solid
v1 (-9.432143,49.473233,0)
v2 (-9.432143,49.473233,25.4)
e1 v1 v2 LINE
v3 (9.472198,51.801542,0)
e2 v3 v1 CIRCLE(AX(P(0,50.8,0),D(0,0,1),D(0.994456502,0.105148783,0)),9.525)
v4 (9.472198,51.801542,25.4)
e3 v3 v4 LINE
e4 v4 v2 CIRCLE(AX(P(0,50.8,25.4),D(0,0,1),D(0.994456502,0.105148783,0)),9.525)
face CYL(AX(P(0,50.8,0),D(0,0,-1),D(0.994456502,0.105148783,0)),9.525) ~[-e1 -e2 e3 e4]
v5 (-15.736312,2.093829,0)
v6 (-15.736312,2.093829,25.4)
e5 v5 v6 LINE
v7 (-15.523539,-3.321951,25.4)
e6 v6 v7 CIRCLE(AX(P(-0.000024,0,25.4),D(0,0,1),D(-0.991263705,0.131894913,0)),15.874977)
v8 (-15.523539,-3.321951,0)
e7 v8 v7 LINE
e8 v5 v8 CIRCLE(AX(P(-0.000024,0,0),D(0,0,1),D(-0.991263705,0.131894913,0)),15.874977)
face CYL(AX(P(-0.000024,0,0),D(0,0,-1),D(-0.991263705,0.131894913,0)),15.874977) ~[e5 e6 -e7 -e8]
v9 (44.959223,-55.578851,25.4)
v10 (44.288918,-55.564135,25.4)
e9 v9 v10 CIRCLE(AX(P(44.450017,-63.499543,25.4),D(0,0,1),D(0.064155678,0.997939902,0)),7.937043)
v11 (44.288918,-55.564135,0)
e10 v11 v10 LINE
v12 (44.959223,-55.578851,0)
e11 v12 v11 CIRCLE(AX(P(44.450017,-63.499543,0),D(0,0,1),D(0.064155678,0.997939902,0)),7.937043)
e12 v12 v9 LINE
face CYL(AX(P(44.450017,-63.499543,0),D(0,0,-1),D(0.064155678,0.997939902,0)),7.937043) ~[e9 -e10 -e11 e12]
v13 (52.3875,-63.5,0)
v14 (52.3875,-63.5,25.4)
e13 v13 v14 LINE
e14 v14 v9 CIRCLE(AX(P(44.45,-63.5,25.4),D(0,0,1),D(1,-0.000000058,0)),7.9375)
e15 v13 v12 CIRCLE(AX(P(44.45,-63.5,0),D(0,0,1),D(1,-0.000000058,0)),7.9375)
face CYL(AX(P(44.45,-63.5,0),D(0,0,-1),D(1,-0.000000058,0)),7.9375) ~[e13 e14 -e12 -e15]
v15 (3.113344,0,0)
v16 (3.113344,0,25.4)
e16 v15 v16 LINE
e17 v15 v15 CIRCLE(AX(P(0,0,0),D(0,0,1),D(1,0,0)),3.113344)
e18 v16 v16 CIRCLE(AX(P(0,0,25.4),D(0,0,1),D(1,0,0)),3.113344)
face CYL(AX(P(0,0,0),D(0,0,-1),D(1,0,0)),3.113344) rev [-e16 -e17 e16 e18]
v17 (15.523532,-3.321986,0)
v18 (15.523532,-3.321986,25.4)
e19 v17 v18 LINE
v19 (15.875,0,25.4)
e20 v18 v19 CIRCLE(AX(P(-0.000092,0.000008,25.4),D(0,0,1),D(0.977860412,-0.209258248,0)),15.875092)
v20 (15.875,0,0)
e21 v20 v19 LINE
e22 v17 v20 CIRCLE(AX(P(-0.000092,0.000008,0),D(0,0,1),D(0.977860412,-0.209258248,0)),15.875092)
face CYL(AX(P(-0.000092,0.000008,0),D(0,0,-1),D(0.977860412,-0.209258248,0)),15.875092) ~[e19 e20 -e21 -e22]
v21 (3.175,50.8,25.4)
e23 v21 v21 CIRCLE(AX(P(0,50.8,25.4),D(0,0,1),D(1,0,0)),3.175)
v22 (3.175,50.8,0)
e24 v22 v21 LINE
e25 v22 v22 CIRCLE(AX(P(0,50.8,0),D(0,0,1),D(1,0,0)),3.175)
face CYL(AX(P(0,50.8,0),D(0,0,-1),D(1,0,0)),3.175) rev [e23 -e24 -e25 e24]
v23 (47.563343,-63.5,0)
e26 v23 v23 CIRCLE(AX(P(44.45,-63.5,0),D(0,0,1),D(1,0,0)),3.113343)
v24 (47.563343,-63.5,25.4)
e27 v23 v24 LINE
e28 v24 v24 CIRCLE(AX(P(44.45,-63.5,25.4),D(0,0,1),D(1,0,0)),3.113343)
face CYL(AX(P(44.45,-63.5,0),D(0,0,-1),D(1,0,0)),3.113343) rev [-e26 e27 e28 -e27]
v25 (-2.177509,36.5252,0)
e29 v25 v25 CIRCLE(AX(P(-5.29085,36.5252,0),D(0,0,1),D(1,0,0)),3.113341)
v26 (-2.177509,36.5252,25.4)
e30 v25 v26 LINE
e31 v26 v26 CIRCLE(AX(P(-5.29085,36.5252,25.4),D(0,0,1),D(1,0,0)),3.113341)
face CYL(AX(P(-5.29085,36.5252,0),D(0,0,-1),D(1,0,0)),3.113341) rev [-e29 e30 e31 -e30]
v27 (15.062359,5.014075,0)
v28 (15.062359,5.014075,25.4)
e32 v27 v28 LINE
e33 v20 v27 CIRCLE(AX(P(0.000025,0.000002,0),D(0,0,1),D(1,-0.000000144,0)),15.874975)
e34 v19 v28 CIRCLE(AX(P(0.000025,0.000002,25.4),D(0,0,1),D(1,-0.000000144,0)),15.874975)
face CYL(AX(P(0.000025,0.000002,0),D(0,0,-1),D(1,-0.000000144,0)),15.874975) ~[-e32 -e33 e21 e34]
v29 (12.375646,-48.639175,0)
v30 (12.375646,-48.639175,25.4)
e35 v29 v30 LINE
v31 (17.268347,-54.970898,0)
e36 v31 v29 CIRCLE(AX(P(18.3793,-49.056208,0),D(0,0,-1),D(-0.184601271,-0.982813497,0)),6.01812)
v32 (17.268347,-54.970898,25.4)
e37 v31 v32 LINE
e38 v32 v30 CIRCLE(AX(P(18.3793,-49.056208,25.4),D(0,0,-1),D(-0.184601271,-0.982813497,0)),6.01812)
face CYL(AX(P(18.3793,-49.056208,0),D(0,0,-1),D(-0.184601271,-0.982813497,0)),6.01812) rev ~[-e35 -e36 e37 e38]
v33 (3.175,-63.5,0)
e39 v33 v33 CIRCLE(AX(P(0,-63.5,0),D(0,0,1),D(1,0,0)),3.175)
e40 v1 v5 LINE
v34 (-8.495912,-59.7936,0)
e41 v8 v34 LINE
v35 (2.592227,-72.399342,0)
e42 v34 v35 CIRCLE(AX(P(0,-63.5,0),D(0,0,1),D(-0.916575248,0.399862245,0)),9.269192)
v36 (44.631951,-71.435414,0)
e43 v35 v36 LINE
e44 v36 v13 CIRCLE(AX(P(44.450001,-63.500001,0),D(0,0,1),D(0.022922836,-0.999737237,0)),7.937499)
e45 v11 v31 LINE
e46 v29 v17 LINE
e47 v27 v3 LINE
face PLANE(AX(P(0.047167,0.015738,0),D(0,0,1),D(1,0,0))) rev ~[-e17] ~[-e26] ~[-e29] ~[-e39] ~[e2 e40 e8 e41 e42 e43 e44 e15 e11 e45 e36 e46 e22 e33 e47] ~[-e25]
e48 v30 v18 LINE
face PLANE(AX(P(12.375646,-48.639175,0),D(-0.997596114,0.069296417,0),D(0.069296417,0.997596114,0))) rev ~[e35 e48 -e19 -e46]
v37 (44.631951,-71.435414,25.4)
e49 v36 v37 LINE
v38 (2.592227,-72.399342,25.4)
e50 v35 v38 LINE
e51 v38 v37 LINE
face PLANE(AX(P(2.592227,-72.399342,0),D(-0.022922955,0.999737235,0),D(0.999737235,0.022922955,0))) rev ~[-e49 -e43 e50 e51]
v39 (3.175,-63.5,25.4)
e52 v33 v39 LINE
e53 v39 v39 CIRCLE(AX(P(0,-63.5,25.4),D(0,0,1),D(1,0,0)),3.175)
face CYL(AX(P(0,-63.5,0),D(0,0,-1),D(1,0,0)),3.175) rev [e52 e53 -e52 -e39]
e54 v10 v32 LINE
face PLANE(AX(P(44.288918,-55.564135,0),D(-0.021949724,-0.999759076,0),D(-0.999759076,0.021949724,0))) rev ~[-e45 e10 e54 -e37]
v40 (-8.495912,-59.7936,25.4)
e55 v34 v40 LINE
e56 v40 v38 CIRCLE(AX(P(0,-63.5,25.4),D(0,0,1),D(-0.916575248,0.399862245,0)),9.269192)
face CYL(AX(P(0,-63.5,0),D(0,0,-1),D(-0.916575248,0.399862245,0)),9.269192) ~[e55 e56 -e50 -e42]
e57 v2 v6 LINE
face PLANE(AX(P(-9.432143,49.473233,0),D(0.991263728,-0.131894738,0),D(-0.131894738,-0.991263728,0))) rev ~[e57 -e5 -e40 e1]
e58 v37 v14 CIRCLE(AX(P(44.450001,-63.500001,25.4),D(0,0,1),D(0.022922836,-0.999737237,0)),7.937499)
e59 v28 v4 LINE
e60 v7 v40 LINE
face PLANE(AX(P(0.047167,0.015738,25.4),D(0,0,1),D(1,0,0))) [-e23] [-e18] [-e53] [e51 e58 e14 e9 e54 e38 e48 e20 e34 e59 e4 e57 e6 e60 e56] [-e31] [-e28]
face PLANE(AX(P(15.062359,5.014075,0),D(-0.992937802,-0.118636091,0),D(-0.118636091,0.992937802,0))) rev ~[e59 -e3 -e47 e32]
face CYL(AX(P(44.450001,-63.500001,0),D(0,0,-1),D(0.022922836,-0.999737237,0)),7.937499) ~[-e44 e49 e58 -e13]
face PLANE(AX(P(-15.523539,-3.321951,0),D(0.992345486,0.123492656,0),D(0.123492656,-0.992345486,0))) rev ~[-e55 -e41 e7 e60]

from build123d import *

# Parameters (mm, degrees)
F0_R     = 3.113344
F0_R_2   = 3.113341
F0_R_3   = 3.175
F0_R_4   = 3.113343
F1_DEPTH = 25.4


with BuildPart() as f1:
    # F0 (on Top) → F1 (new body)
    with BuildSketch(Plane.XY):
        with BuildLine():
            ThreePointArc((15.523532, -3.321986), (15.786888, -1.670264), (15.875, 0))
            ThreePointArc((15.875, 0), (15.670523, 2.539751), (15.062359, 5.014075))
            ThreePointArc((15.062359, 5.014075), (-1.498504, 15.804117), (-15.736312, 2.093829))
            ThreePointArc((-15.736312, 2.093829), (-15.862763, -0.623209), (-15.523539, -3.321951))
            ThreePointArc((-15.523539, -3.321951), (-1.8e-05, -15.875), (15.523532, -3.321986))
        make_face()
        Circle(F0_R, mode=Mode.SUBTRACT)
        with BuildLine():
            ThreePointArc((-15.736312, 2.093829), (-1.498504, 15.804117), (15.062359, 5.014075))
            Line((15.062359, 5.014075), (9.472198, 51.801542))
            ThreePointArc((9.472198, 51.801542), (9.51179, 51.301466), (9.525, 50.8))
            ThreePointArc((9.525, 50.8), (0.665006, 41.298243), (-9.432143, 49.473233))
            Line((-9.432143, 49.473233), (-15.736312, 2.093829))
        make_face()
        with Locations((-5.29085, 36.5252)):
            Circle(F0_R_2, mode=Mode.SUBTRACT)
        with BuildLine():
            Line((12.375646, -48.639175), (15.523532, -3.321986))
            ThreePointArc((15.523532, -3.321986), (-1.8e-05, -15.875), (-15.523539, -3.321951))
            Line((-15.523539, -3.321951), (-8.495912, -59.7936))
            ThreePointArc((-8.495912, -59.7936), (1.893103, -54.426187), (9.269192, -63.5))
            ThreePointArc((9.269192, -63.5), (7.414371, -69.062826), (2.592227, -72.399342))
            Line((2.592227, -72.399342), (44.631951, -71.435414))
            ThreePointArc((44.631951, -71.435414), (36.514353, -63.671517), (44.288918, -55.564135))
            Line((44.288918, -55.564135), (17.268347, -54.970898))
            ThreePointArc((17.268347, -54.970898), (13.617253, -52.735975), (12.375646, -48.639175))
        make_face()
        with BuildLine():
            ThreePointArc((9.525, 50.8), (9.51179, 51.301466), (9.472198, 51.801542))
            ThreePointArc((9.472198, 51.801542), (-1.164327, 60.253569), (-9.432143, 49.473233))
            ThreePointArc((-9.432143, 49.473233), (0.665006, 41.298243), (9.525, 50.8))
        make_face()
        with Locations((0, 50.8)):
            Circle(F0_R_3, mode=Mode.SUBTRACT)
        with BuildLine():
            ThreePointArc((9.269192, -63.5), (1.893103, -54.426187), (-8.495912, -59.7936))
            ThreePointArc((-8.495912, -59.7936), (-6.959853, -69.621958), (2.592227, -72.399342))
            ThreePointArc((2.592227, -72.399342), (7.414371, -69.062826), (9.269192, -63.5))
        make_face()
        with Locations((0, -63.5)):
            Circle(F0_R_3, mode=Mode.SUBTRACT)
        with BuildLine():
            Line((44.959223, -55.578851), (44.288918, -55.564135))
            ThreePointArc((44.288918, -55.564135), (36.514353, -63.671517), (44.631951, -71.435414))
            ThreePointArc((44.631951, -71.435414), (50.126625, -69.047958), (52.3875, -63.5))
            ThreePointArc((52.3875, -63.5), (50.239899, -58.070361), (44.959223, -55.578851))
        make_face()
        with Locations((44.45, -63.5)):
            Circle(F0_R_4, mode=Mode.SUBTRACT)
        with BuildLine():
            ThreePointArc((44.959223, -55.578851), (44.624226, -55.564412), (44.288918, -55.564135))
            Line((44.288918, -55.564135), (44.959223, -55.578851))
        make_face()
    extrude(amount=F1_DEPTH)


solid = f1.part
